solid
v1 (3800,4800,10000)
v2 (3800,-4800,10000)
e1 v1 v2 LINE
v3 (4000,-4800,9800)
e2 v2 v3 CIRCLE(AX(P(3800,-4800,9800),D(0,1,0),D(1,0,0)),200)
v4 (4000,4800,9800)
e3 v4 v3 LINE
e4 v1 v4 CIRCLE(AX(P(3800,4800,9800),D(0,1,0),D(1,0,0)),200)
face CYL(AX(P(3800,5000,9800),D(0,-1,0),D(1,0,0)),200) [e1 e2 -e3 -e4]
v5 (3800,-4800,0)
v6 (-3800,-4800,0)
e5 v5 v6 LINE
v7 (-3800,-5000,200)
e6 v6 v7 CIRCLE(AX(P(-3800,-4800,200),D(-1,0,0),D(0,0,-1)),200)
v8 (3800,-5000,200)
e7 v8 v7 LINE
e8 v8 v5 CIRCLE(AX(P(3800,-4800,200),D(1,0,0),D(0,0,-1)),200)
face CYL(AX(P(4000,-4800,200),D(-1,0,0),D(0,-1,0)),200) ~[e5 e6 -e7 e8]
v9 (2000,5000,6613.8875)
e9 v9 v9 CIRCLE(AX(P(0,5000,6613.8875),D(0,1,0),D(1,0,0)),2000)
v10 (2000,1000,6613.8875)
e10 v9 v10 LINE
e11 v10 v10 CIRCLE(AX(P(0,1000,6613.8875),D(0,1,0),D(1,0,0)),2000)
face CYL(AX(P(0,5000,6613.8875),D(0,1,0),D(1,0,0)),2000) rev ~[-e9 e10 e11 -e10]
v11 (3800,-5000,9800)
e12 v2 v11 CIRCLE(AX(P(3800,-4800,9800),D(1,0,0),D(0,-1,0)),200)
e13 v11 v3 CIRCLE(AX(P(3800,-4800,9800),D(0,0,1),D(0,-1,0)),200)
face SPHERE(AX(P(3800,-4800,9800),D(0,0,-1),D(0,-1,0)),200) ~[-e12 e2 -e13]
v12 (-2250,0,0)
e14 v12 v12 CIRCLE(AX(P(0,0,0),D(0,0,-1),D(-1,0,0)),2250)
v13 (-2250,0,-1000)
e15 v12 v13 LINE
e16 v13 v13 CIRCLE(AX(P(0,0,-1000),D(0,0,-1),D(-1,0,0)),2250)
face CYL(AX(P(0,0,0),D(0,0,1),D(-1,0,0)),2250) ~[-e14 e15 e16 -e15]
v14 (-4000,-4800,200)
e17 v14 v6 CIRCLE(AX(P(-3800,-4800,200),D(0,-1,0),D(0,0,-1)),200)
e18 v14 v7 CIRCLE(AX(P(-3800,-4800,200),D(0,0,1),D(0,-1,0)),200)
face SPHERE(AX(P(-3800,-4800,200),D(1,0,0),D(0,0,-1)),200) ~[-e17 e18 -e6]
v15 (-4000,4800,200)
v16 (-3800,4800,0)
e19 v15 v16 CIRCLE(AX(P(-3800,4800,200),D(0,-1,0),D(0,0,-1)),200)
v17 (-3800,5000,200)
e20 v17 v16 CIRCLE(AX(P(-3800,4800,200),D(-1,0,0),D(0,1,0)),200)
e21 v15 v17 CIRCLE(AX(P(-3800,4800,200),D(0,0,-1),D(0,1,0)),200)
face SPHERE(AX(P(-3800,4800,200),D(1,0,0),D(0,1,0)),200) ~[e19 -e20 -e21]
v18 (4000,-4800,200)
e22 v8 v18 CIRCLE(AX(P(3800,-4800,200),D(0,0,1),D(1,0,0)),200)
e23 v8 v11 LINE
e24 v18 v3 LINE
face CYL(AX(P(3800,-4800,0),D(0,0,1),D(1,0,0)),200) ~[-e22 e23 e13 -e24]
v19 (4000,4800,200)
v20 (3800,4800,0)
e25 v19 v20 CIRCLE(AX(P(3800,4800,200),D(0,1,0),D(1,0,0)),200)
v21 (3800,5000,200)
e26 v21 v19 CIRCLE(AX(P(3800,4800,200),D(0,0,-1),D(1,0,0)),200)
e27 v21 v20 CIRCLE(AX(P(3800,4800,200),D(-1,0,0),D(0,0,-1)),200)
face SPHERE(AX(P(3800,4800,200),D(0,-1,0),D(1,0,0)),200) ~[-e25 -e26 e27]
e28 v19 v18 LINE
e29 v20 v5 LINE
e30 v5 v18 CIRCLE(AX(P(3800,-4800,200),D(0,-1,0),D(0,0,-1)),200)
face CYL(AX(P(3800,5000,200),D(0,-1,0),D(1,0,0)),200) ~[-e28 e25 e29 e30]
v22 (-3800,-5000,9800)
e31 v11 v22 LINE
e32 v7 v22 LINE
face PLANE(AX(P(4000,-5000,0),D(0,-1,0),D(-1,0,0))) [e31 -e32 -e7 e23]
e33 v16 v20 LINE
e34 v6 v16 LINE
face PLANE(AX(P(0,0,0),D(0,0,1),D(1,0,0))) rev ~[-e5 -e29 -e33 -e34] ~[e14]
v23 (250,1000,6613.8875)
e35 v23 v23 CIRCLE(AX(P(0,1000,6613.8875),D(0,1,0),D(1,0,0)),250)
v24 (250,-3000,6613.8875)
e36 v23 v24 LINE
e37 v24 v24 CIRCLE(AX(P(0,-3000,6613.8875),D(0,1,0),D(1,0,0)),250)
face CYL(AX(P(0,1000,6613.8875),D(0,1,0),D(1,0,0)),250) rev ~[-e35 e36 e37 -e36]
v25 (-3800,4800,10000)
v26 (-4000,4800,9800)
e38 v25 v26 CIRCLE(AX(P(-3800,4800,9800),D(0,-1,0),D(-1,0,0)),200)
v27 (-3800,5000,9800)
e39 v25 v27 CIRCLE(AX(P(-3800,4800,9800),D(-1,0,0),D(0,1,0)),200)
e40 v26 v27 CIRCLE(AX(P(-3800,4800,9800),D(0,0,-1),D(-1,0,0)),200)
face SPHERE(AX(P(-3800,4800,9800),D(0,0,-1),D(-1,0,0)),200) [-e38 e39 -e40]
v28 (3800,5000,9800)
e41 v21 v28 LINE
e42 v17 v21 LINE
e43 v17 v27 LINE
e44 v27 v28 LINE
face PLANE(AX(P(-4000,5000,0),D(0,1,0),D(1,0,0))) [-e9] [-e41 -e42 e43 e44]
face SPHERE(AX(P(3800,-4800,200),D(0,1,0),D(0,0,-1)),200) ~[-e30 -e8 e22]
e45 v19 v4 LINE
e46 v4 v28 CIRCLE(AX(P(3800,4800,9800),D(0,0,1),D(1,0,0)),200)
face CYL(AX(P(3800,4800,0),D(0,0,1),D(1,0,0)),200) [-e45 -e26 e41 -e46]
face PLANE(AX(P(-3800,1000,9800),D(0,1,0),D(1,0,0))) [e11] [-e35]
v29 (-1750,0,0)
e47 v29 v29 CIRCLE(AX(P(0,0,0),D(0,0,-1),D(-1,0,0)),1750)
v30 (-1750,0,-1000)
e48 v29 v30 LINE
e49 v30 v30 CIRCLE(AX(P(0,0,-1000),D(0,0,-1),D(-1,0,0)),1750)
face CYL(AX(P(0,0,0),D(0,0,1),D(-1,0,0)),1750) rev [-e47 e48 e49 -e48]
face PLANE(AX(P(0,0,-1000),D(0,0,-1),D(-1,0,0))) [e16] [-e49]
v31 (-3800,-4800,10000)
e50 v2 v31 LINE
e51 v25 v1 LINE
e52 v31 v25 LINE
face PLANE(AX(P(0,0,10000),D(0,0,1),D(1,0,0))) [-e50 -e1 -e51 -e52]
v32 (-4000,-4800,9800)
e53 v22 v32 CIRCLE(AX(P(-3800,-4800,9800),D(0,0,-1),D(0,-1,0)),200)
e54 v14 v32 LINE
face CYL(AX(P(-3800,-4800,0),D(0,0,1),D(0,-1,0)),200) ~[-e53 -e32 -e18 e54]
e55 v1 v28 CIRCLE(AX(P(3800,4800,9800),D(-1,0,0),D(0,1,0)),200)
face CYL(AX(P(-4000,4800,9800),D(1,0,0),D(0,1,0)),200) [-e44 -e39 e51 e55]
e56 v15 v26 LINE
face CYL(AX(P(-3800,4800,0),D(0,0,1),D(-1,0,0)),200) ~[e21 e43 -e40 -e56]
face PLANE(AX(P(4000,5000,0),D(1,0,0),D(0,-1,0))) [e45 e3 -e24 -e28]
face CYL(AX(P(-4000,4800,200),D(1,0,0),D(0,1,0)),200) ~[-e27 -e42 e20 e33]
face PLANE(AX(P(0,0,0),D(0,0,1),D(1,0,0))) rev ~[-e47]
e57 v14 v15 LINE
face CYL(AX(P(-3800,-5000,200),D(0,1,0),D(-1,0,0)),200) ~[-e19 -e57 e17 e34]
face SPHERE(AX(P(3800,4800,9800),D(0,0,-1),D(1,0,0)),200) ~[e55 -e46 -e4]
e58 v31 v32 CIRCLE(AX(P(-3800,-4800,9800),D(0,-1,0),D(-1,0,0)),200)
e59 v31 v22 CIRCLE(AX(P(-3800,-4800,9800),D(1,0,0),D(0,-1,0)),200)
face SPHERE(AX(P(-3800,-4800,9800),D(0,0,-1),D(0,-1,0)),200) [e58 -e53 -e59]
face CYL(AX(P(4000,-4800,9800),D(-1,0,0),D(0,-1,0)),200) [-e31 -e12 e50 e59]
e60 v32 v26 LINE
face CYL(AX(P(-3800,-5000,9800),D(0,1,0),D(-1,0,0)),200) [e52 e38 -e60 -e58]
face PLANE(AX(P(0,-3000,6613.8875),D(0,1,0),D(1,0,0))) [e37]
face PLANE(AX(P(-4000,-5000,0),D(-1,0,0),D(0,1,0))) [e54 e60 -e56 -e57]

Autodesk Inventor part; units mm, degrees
ref_plane "YZ Plane" through (0, 0, 0) normal (1, 0, 0) x (0, 1, 0)
ref_plane "XZ Plane" through (0, 0, 0) normal (0, 1, 0) x (-1, 0, 0)
ref_plane "XY Plane" through (0, 0, 0) normal (0, 0, 1) x (1, 0, 0)
sketch "Sketch1" plane through (0, 0, 0) normal (0, 0, 1) x (1, 0, 0)
  line L0 (4000, 5000) -> (4000, -5000)
  line L1 (4000, -5000) -> (-4000, -5000)
  line L2 (-4000, -5000) -> (-4000, 5000)
  line L3 (-4000, 5000) -> (4000, 5000)
  line L4 (4000, 5000) -> (-4000, -5000) construction
  line L5 (4000, -5000) -> (-4000, 5000) construction
  point P0 (0, 0)
  dimension "d0" = 10000
  dimension "d1" = 8000
extrude "Extrusion1" add sketch "Sketch1" along normal blind 10000
fillet "Fillet1" radius 200 12 edges at (4000, 0, 0) (0, -5000, 0) (4000, -5000, 5000) (4000, 5000, 5000) (0, 5000, 0) (-4000, 5000, 5000) (-4000, 0, 0) (-4000, -5000, 5000) (0, -5000, 10000) (-4000, 0, 10000) (4000, 0, 10000) (0, 5000, 10000)
sketch "Sketch2" plane through (0, 0, 0) normal (0, 0, -1) x (-1, 0, 0)
  circle A0 centre (0, 0) radius 1750 projected
  circle A1 centre (0, 0) radius 2250
  point P0 (0, 0)
  dimension "d5" = 4500
extrude "Extrusion2" add sketch "Sketch2" along normal blind 1000
sketch "Sketch3" plane through (-3800, 5000, 9800) normal (0, 1, 0) x (1, 0, 0)
  circle A0 centre (3800, 3186.1125) radius 2000
  point P0 (3800, 9800)
  dimension "d8" = 4000
extrude "Extrusion3" cut sketch "Sketch3" against normal blind 4000
sketch "Sketch4" plane through (0, 1000, 6613.8875) normal (0, 1, 0) x (1, 0, 0)
  circle A0 centre (0, 0) radius 250
  point P0 (0, 6613.8875)
  dimension "d12" = 500
extrude "Extrusion4" cut sketch "Sketch4" against normal blind 4000
properties part number "transmission box"
